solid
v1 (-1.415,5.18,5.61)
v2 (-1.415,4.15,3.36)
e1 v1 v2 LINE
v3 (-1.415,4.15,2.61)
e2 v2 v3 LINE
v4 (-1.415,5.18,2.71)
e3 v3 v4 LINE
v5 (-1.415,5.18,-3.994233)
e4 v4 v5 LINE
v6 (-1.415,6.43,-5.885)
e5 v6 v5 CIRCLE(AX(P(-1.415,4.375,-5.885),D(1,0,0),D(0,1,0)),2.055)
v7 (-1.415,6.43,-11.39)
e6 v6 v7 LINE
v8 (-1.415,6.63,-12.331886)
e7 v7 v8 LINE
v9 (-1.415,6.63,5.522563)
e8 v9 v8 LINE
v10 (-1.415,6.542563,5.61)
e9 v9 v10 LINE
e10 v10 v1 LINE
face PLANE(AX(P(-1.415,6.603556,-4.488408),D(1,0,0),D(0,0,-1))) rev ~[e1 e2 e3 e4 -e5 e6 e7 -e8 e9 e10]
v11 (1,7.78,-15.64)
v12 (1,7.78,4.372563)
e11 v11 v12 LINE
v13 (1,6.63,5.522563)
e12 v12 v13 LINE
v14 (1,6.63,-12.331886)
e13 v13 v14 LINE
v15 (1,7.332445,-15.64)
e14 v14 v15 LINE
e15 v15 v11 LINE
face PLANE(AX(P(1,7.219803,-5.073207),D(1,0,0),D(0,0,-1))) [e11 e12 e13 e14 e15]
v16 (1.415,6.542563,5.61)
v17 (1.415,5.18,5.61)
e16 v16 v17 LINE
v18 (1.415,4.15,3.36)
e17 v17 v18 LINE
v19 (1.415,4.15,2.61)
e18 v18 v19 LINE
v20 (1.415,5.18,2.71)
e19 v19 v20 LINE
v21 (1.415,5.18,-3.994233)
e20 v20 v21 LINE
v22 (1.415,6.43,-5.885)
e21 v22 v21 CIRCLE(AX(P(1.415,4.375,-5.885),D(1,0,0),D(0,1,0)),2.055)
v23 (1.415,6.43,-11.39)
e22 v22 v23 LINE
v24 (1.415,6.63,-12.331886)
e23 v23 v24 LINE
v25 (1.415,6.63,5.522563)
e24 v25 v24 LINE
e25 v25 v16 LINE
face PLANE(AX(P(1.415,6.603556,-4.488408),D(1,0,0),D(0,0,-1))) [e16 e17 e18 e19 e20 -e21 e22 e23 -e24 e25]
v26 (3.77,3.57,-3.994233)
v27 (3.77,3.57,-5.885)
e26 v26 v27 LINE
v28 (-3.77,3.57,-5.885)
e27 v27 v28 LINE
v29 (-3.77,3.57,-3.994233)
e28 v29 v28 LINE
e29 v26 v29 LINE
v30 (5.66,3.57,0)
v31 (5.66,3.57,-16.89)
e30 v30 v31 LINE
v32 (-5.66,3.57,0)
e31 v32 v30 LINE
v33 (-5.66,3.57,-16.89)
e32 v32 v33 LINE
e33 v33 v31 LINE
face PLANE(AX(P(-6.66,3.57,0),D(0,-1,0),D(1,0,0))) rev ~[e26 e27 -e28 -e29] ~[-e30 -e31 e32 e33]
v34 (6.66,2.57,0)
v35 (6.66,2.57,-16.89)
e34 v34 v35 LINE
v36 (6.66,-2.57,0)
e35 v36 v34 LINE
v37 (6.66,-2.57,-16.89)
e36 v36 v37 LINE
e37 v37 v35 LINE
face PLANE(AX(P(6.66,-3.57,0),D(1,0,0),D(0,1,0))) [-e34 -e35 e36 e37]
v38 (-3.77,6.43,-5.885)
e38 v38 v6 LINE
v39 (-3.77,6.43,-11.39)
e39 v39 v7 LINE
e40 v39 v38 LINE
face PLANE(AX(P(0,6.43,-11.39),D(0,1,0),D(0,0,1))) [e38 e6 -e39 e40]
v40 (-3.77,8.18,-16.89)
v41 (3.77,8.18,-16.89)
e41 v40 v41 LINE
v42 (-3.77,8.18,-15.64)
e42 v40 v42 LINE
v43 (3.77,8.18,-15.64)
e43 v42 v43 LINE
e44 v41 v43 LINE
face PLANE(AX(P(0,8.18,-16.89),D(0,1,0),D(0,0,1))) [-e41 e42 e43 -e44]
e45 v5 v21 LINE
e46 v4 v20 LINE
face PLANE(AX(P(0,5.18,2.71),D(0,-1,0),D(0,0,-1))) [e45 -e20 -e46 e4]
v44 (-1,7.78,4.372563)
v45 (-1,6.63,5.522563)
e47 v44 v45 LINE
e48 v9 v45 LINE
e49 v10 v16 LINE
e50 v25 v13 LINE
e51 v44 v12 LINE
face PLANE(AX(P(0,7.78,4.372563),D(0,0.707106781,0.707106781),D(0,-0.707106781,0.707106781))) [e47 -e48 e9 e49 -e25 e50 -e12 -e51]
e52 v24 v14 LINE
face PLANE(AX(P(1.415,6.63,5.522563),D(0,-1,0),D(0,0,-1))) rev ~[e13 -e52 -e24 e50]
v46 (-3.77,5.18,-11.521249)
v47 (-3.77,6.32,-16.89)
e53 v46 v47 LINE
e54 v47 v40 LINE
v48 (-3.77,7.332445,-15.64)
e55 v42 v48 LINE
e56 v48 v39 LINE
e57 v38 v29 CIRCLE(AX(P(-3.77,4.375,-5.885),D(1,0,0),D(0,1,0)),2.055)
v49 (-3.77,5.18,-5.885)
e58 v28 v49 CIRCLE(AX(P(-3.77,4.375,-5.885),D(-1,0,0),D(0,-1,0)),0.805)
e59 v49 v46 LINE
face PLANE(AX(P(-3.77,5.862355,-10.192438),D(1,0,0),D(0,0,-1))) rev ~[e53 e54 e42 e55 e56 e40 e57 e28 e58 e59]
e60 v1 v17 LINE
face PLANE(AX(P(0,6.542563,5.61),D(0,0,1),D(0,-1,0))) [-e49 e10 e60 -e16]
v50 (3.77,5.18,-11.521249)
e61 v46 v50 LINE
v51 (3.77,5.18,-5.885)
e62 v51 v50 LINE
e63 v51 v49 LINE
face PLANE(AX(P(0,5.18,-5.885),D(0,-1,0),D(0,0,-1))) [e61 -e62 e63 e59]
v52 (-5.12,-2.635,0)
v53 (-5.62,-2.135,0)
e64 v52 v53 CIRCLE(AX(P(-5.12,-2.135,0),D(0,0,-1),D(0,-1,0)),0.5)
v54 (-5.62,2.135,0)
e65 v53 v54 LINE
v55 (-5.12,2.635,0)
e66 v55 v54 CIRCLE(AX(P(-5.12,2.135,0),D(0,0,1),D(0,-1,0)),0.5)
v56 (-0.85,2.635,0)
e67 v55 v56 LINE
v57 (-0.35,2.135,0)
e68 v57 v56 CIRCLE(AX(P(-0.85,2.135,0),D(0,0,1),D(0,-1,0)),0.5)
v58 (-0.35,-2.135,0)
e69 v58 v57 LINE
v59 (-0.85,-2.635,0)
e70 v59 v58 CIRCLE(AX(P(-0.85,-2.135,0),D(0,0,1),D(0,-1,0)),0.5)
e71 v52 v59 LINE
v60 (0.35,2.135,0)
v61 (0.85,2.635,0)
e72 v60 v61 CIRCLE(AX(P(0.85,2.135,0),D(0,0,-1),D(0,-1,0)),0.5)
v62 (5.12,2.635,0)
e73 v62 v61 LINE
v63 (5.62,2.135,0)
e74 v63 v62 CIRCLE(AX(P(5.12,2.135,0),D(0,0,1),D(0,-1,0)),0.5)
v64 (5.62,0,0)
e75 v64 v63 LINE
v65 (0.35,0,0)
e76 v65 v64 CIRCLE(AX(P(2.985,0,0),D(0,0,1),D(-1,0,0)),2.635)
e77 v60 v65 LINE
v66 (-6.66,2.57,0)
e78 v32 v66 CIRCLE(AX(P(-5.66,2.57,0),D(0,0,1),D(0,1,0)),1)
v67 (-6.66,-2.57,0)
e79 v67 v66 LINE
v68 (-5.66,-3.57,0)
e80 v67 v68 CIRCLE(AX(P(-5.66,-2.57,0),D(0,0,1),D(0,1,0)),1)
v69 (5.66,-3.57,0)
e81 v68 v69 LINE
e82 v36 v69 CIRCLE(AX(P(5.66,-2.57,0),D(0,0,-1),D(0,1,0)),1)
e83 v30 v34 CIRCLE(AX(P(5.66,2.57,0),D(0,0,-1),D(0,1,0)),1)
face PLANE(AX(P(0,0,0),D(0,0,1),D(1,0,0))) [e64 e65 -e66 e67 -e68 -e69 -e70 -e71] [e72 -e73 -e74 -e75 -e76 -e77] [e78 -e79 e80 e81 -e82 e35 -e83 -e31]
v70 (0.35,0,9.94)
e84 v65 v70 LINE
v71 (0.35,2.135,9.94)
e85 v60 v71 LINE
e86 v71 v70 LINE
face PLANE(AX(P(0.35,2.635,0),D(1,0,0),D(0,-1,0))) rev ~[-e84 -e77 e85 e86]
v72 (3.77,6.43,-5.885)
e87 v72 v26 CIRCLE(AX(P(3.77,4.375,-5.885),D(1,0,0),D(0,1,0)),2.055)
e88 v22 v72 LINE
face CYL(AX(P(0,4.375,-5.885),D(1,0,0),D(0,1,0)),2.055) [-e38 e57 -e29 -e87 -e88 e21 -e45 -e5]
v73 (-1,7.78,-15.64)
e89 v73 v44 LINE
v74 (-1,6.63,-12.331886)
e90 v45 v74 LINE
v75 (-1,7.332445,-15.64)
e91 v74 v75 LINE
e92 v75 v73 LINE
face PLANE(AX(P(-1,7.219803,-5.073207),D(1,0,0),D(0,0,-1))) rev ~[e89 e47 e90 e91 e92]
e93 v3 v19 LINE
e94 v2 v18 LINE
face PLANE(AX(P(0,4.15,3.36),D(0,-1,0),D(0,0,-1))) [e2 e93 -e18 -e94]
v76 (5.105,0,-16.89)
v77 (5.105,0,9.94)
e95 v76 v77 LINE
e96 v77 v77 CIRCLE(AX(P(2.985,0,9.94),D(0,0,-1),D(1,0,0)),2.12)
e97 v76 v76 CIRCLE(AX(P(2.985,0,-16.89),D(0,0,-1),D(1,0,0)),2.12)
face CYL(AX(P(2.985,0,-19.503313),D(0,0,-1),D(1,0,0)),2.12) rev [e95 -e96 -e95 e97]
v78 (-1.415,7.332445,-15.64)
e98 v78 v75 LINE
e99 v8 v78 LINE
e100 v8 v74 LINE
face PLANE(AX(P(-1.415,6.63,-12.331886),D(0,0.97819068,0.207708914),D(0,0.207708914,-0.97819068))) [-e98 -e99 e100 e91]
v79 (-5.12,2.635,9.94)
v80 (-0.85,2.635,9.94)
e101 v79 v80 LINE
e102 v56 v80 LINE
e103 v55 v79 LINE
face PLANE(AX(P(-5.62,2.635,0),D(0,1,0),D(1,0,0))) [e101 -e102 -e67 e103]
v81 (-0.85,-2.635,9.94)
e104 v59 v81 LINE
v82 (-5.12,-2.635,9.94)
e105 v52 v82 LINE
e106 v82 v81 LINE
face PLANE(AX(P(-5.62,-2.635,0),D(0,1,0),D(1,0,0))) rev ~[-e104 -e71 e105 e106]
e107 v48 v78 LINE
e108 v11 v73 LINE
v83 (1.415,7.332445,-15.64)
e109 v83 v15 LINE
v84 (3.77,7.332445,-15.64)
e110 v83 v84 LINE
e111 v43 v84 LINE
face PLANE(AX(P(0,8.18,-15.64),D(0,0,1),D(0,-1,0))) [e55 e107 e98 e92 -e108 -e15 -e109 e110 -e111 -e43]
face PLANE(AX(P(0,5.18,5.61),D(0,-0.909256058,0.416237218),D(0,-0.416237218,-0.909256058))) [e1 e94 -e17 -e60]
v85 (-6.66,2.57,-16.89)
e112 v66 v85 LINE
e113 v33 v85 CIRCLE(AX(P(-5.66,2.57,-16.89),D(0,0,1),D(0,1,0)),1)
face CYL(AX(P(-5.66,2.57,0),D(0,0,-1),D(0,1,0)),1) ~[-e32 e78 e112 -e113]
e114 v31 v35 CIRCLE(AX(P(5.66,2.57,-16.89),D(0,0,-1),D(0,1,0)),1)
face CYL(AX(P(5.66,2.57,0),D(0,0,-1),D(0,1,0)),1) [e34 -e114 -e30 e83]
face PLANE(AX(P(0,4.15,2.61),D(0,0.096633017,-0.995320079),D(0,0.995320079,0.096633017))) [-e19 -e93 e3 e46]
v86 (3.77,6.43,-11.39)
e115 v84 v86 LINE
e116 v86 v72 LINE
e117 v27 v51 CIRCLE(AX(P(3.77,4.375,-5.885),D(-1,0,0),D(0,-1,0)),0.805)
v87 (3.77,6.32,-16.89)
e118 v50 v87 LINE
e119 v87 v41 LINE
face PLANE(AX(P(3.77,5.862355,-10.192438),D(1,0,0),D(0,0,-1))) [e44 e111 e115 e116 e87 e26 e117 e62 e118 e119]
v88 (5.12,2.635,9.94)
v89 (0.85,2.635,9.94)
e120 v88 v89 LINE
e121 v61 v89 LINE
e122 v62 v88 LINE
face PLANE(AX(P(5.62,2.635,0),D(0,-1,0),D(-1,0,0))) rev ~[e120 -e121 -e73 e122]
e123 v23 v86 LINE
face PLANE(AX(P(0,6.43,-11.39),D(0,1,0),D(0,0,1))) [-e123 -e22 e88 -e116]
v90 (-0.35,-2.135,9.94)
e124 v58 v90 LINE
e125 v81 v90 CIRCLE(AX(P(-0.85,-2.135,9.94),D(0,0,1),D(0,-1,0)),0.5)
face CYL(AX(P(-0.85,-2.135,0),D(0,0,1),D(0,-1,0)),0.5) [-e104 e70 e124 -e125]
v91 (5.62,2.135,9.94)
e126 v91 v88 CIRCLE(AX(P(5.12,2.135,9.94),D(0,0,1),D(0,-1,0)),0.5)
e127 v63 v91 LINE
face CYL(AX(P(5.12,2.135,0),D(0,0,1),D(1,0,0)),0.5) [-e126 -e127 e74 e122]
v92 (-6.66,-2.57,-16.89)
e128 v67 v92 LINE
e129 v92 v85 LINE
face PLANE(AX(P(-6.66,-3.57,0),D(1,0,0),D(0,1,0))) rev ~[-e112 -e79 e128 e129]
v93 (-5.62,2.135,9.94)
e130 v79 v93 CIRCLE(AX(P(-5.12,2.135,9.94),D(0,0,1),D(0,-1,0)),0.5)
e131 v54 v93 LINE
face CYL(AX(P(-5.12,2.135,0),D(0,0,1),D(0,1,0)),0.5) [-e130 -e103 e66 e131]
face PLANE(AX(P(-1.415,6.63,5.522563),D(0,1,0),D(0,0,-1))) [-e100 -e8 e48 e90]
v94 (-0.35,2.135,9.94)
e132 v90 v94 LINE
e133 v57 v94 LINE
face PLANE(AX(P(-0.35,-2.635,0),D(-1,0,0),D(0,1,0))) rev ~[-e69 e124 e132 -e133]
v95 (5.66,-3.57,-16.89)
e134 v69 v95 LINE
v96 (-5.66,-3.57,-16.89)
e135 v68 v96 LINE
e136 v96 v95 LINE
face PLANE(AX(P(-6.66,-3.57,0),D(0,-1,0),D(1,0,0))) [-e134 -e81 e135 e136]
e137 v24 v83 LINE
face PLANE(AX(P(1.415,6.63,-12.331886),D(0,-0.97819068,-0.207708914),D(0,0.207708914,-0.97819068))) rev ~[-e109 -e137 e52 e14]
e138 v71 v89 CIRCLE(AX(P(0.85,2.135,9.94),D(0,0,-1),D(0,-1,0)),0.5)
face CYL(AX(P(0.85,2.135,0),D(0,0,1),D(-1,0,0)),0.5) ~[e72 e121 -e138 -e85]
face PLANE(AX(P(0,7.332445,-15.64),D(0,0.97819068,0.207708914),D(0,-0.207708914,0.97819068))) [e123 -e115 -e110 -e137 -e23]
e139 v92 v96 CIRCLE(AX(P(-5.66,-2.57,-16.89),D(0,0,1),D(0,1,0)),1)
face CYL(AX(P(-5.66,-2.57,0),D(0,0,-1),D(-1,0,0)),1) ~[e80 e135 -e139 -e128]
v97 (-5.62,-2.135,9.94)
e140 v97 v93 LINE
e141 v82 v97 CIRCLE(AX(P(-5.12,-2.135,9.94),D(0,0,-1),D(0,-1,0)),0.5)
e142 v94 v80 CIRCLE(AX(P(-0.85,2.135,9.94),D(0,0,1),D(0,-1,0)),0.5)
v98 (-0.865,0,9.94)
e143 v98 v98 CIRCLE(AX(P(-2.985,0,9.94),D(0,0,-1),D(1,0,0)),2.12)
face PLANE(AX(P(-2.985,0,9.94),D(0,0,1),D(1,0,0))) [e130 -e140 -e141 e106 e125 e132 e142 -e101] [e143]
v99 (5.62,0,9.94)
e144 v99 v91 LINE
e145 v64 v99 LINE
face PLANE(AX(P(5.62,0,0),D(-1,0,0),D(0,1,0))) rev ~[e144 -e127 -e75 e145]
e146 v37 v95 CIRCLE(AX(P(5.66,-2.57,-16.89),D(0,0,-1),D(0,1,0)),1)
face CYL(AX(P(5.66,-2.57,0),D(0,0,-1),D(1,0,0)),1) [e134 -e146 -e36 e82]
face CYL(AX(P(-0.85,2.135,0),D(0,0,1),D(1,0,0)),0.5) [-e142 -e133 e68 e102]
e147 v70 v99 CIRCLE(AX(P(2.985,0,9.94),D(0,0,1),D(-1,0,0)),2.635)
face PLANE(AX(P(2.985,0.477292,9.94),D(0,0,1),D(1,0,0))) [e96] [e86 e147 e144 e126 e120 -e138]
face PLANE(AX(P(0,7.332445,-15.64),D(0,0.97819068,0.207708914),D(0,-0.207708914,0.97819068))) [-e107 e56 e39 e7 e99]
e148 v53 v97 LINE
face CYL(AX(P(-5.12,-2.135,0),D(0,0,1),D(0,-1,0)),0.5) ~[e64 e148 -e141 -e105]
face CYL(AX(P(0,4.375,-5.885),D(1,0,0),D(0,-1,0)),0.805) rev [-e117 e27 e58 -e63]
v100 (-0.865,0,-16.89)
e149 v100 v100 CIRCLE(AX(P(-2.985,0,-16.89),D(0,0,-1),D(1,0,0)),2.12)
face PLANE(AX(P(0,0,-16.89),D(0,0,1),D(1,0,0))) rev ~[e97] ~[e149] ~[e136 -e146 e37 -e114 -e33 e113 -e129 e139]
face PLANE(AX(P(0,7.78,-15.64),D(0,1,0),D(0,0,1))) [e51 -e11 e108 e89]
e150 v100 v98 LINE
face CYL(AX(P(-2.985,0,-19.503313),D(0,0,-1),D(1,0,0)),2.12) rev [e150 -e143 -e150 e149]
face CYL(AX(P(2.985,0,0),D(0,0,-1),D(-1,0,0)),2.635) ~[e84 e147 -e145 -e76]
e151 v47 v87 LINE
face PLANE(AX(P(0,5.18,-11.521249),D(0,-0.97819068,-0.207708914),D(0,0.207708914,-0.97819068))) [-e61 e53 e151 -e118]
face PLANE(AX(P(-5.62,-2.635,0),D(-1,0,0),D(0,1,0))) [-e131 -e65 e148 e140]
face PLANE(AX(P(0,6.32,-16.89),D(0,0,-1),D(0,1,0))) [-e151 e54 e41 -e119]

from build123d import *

# Parameters (mm, degrees)
SKETCH1_W               = 13.32
SKETCH1_H               = 7.14
BOSS_EXTRUDE1_DEPTH     = 16.89
SKETCH2_W               = 5.27
SKETCH2_H               = 5.27
BOSS_EXTRUDE2_DEPTH     = 9.94
CUT_EXTRUDE1_DEPTH      = 19.503313217
CUT_EXTRUDE1_DEPTH_BACK = 19.503313217
SKETCH3_R               = 2.12
BOSS_EXTRUDE3_DEPTH     = 3.77
BOSS_EXTRUDE4_DEPTH     = 1.415
CUT_EXTRUDE3_DEPTH      = 0.415
CUT_EXTRUDE4_DEPTH      = 0.415
FILLET1_R               = 1
FILLET2_R               = 0.5


with BuildPart() as part:
    # Sketch1 → Boss-Extrude1 (new body)
    with BuildSketch(Plane.XY):
        Rectangle(SKETCH1_W, SKETCH1_H)
    extrude(amount=-BOSS_EXTRUDE1_DEPTH)

    # Sketch2 → Boss-Extrude2 (add)
    with BuildSketch(Plane.XY):
        with BuildLine():
            Line((0.35, 2.635), (0.35, 0))
            ThreePointArc((0.35, 0), (2.985, -2.635), (5.62, 0))
            Line((5.62, 0), (5.62, 2.635))
            Line((5.62, 2.635), (0.35, 2.635))
        make_face()
        with Locations((-2.985, 0)):
            Rectangle(SKETCH2_W, SKETCH2_H)
    extrude(amount=BOSS_EXTRUDE2_DEPTH)

    # Sketch3 → Cut-Extrude1 (cut, two sides: drawn at the far end of the back side and taken through both)
    with BuildSketch(Plane.XY.offset(-CUT_EXTRUDE1_DEPTH_BACK)):
        with Locations((2.985, 0)):
            Circle(SKETCH3_R)
        with Locations((-2.985, 0)):
            Circle(SKETCH3_R)
    extrude(amount=CUT_EXTRUDE1_DEPTH + CUT_EXTRUDE1_DEPTH_BACK, mode=Mode.SUBTRACT)

    # Sketch4 → Boss-Extrude3 (add, symmetric)
    with BuildSketch(Plane(origin=(0, 0, 0), x_dir=(0, 0, -1), z_dir=(1, 0, 0))):
        with BuildLine():
            Line((5.885, 5.18), (11.5212493, 5.18))
            Line((11.5212493, 5.18), (16.89, 6.32))
            Line((16.89, 6.32), (16.89, 8.18))
            Line((16.89, 8.18), (15.64, 8.18))
            Line((15.64, 8.18), (15.64, 7.332444585))
            Line((15.64, 7.332444585), (11.39, 6.43))
            Line((11.39, 6.43), (5.885, 6.43))
            ThreePointArc((5.885, 6.43), (4.170750893, 5.508302696), (3.99423296, 3.57))
            Line((3.99423296, 3.57), (5.885, 3.57))
            ThreePointArc((5.885, 3.57), (5.08, 4.375), (5.885, 5.18))
        make_face()
    extrude(amount=BOSS_EXTRUDE3_DEPTH, both=True)

    # Sketch5 → Boss-Extrude4 (add, symmetric)
    with BuildSketch(Plane(origin=(0, 0, 0), x_dir=(0, 0, -1), z_dir=(1, 0, 0))):
        Polygon((15.64, 7.78), (-4.372563133, 7.78), (-5.61, 6.542563133), (-5.61, 5.18), (-3.36, 4.15), (-2.61, 4.15), (-2.71, 5.18), (5.503211952, 5.18), (15.64, 7.332444585), align=None)
    extrude(amount=BOSS_EXTRUDE4_DEPTH, both=True)

    # Sketch7 → Cut-Extrude3 (cut)
    with BuildSketch(Plane.ZY.offset(1.415)):
        Polygon((4.372563133, 7.78), (5.522563133, 6.63), (-12.331886088, 6.63), (-15.64, 7.332444585), (-15.64, 7.78), align=None)
    extrude(amount=-CUT_EXTRUDE3_DEPTH, mode=Mode.SUBTRACT)

    # Sketch8 → Cut-Extrude4 (cut)
    with BuildSketch(Plane(origin=(1.415, 0, 0), x_dir=(0, 0, -1), z_dir=(1, 0, 0))):
        Polygon((-4.372563133, 7.78), (-5.522563133, 6.63), (12.331886088, 6.63), (15.64, 7.332444585), (15.64, 7.78), align=None)
    extrude(amount=-CUT_EXTRUDE4_DEPTH, mode=Mode.SUBTRACT)

    # Fillet1
    fillet1_edges = [part.edges().sort_by_distance(p)[0] for p in [
        (-6.66, -3.57, -8.445),
        (6.66, -3.57, -8.445),
        (6.66, 3.57, -8.445),
        (-6.66, 3.57, -8.445),
    ]]
    fillet(fillet1_edges, radius=FILLET1_R)

    # Fillet2
    fillet2_edges = [part.edges().sort_by_distance(p)[0] for p in [
        (-5.62, -2.635, 4.97),
        (-0.35, -2.635, 4.97),
        (-0.35, 2.635, 4.97),
        (-5.62, 2.635, 4.97),
        (5.62, 2.635, 4.97),
        (0.35, 2.635, 4.97),
    ]]
    fillet(fillet2_edges, radius=FILLET2_R)


solid = part.part
